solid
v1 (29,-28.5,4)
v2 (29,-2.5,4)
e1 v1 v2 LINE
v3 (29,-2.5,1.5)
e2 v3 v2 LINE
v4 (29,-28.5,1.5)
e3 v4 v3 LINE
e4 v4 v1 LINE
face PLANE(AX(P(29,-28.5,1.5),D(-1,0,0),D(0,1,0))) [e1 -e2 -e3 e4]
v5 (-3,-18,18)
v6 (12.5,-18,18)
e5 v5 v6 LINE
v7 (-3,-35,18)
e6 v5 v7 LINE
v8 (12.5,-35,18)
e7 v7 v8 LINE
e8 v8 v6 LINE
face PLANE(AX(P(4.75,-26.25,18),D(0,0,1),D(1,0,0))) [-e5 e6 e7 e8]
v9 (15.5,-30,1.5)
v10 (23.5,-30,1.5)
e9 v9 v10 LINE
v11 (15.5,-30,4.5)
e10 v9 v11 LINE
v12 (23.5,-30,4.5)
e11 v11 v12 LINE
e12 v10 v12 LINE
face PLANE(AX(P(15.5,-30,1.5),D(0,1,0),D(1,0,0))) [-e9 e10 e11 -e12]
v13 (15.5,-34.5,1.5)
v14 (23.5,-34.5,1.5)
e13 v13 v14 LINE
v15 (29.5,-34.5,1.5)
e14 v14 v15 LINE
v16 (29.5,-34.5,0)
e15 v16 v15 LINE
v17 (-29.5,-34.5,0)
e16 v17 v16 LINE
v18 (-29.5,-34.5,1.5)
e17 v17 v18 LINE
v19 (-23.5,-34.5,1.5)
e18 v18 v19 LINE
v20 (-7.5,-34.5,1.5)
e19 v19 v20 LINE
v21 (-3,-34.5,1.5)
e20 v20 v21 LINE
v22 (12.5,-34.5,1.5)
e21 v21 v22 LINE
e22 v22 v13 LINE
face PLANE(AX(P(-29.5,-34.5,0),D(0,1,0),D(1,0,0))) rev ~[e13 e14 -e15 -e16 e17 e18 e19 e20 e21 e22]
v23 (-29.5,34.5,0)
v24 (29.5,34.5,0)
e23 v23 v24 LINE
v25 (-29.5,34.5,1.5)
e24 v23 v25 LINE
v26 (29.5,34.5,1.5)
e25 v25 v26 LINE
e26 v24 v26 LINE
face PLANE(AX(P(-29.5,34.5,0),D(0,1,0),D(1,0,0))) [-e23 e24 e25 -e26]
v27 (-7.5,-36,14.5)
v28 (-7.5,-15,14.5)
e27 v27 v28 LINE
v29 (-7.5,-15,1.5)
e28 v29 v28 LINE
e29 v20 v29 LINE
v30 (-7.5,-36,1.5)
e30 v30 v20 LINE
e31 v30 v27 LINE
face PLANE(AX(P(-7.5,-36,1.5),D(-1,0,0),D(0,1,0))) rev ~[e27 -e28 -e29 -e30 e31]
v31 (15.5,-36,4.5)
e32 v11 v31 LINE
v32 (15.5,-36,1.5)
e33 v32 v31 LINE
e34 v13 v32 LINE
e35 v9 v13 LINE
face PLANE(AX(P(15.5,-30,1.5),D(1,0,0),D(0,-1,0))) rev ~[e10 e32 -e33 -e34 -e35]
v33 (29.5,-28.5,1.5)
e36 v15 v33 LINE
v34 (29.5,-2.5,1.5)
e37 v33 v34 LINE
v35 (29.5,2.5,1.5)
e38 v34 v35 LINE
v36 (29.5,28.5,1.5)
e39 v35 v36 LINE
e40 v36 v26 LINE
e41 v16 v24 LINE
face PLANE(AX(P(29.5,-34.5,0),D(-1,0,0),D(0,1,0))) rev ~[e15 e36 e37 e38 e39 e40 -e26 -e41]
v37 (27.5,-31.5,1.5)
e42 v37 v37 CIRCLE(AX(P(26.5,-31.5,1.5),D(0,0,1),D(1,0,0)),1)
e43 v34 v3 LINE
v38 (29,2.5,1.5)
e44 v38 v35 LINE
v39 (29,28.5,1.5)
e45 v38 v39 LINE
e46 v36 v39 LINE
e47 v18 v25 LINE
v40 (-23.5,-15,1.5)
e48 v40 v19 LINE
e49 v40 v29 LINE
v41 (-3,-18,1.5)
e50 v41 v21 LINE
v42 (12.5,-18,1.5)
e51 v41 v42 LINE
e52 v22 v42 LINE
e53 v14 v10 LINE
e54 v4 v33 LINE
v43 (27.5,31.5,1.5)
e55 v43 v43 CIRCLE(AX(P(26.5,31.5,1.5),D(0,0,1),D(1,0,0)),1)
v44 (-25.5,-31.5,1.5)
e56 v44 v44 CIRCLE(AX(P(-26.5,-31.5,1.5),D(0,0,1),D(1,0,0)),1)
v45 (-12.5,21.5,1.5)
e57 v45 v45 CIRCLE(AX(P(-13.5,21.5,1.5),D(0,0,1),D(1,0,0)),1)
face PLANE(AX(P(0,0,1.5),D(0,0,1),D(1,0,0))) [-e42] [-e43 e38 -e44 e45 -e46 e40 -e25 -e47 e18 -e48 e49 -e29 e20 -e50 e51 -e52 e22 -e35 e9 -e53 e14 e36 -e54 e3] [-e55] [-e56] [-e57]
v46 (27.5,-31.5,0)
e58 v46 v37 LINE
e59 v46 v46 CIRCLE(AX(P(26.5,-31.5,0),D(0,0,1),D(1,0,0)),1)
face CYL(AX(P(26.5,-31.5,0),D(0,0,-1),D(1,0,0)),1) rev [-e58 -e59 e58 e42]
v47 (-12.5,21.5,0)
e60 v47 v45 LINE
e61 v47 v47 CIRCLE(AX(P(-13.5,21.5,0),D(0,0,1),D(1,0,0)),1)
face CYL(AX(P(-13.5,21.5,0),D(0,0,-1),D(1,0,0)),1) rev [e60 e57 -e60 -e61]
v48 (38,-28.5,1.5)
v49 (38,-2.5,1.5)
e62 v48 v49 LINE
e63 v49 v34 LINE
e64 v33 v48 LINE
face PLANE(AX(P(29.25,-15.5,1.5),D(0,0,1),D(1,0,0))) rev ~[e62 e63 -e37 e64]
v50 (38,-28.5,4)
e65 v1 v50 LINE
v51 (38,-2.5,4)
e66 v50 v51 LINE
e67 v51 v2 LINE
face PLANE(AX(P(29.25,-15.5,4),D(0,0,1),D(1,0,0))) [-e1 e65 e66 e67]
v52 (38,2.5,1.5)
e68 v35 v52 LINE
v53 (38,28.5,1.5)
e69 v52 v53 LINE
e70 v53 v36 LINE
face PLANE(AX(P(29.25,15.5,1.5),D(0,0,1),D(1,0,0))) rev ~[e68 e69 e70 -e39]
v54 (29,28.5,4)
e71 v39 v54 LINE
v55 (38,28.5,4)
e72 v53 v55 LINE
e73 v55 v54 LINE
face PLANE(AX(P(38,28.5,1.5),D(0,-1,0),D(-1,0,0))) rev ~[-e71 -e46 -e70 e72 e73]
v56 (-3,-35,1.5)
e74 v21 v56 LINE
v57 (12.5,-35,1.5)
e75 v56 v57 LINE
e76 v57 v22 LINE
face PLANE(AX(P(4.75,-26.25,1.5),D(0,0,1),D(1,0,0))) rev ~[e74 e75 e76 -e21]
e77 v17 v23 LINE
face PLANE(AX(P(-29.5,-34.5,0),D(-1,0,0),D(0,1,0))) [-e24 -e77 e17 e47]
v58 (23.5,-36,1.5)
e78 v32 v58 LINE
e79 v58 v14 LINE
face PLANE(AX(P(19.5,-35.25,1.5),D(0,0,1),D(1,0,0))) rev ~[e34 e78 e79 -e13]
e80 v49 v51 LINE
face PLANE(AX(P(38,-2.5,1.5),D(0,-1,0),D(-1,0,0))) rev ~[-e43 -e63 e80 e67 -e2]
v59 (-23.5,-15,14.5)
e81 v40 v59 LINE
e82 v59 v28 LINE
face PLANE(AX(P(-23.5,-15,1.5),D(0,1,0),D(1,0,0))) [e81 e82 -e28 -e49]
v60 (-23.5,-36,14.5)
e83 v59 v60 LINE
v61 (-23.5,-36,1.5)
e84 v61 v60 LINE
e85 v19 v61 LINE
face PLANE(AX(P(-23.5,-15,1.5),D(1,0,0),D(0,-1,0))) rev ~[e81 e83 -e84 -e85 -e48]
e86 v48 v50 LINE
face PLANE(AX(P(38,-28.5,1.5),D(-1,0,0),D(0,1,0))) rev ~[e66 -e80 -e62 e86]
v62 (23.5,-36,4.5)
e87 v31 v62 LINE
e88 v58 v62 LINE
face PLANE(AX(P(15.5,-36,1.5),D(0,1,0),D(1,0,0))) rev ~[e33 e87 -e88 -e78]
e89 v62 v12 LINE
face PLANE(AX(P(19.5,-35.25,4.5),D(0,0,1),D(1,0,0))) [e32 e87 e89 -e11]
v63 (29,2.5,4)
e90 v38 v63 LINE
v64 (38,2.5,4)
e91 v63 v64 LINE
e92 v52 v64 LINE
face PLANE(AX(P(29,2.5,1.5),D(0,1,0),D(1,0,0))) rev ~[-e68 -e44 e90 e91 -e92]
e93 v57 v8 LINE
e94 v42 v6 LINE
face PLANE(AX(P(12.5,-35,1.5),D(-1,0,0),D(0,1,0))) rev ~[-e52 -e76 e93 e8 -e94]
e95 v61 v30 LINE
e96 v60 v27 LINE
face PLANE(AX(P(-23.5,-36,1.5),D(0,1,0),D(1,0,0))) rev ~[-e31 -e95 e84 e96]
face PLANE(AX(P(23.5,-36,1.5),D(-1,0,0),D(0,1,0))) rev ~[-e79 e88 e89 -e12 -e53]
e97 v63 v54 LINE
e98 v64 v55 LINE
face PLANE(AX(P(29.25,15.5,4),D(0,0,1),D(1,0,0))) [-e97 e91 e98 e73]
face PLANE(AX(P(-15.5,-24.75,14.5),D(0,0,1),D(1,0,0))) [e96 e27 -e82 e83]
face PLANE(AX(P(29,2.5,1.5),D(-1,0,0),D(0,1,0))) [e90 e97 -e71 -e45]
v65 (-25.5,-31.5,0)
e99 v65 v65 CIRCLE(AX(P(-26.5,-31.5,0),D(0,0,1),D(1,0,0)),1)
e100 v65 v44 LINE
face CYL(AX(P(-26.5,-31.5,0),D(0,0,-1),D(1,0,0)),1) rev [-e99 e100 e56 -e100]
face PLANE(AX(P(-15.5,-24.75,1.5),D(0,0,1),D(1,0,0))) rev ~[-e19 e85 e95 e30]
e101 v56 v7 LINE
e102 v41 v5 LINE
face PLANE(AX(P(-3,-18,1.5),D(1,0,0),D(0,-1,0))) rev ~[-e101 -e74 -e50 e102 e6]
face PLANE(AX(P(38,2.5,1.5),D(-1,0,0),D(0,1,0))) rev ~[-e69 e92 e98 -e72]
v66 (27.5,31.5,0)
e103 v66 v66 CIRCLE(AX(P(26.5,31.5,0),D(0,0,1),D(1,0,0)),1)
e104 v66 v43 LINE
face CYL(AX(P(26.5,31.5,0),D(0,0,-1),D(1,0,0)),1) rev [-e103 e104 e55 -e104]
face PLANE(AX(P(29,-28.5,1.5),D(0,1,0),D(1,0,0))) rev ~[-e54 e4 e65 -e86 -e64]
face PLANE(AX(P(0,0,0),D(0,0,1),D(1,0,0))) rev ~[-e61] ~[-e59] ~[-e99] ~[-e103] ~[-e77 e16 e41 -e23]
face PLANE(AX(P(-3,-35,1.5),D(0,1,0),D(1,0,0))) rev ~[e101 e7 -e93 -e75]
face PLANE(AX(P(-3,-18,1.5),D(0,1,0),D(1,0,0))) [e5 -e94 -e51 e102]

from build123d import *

# Parameters (mm, degrees)
F0_W     = 59
F0_H     = 69
F0_R     = 1
F1_DEPTH = 1.5
F2_W     = 8
F2_H     = 1.5
F2_H_2   = 4.5
F3_DEPTH = 3
F2_W_2   = 15.5
F2_H_3   = 16.5
F2_H_4   = 0.5
F4_DEPTH = 16.5
F2_W_3   = 16
F2_H_5   = 19.5
F5_DEPTH = 13
F2_W_4   = 0.5
F2_H_6   = 26
F2_W_5   = 8.5
F6_DEPTH = 2.5


with BuildPart() as f1:
    # F0 (on Top) → F1 (new body)
    with BuildSketch(Plane.XY):
        Rectangle(F0_W, F0_H)
        with Locations((-26.5, -31.5)):
            Circle(F0_R, mode=Mode.SUBTRACT)
        with Locations((26.5, -31.5)):
            Circle(F0_R, mode=Mode.SUBTRACT)
        with Locations((-13.5, 21.5)):
            Circle(F0_R, mode=Mode.SUBTRACT)
        with Locations((26.5, 31.5)):
            Circle(F0_R, mode=Mode.SUBTRACT)
    extrude(amount=F1_DEPTH)

    # F2 (on face) → F3 (join)
    with BuildSketch(Plane.XY.offset(1.5)):
        with Locations((19.5, -35.25)):
            Rectangle(F2_W, F2_H)
        with Locations((19.5, -32.25)):
            Rectangle(F2_W, F2_H_2)
    extrude(amount=F3_DEPTH)

    # F2 (on face) → F4 (join)
    with BuildSketch(Plane.XY.offset(1.5)):
        with Locations((4.75, -26.25)):
            Rectangle(F2_W_2, F2_H_3)
        with Locations((4.75, -34.75)):
            Rectangle(F2_W_2, F2_H_4)
    extrude(amount=F4_DEPTH)

    # F2 (on face) → F5 (join)
    with BuildSketch(Plane.XY.offset(1.5)):
        with Locations((-15.5, -24.75)):
            Rectangle(F2_W_3, F2_H_5)
        with Locations((-15.5, -35.25)):
            Rectangle(F2_W_3, F2_H)
    extrude(amount=F5_DEPTH)

    # F2 (on face) → F6 (join)
    with BuildSketch(Plane.XY.offset(1.5)):
        with Locations((29.25, 15.5)):
            Rectangle(F2_W_4, F2_H_6)
        with Locations((33.75, 15.5)):
            Rectangle(F2_W_5, F2_H_6)
        with Locations((29.25, -15.5)):
            Rectangle(F2_W_4, F2_H_6)
        with Locations((33.75, -15.5)):
            Rectangle(F2_W_5, F2_H_6)
    extrude(amount=F6_DEPTH)


solid = f1.part
